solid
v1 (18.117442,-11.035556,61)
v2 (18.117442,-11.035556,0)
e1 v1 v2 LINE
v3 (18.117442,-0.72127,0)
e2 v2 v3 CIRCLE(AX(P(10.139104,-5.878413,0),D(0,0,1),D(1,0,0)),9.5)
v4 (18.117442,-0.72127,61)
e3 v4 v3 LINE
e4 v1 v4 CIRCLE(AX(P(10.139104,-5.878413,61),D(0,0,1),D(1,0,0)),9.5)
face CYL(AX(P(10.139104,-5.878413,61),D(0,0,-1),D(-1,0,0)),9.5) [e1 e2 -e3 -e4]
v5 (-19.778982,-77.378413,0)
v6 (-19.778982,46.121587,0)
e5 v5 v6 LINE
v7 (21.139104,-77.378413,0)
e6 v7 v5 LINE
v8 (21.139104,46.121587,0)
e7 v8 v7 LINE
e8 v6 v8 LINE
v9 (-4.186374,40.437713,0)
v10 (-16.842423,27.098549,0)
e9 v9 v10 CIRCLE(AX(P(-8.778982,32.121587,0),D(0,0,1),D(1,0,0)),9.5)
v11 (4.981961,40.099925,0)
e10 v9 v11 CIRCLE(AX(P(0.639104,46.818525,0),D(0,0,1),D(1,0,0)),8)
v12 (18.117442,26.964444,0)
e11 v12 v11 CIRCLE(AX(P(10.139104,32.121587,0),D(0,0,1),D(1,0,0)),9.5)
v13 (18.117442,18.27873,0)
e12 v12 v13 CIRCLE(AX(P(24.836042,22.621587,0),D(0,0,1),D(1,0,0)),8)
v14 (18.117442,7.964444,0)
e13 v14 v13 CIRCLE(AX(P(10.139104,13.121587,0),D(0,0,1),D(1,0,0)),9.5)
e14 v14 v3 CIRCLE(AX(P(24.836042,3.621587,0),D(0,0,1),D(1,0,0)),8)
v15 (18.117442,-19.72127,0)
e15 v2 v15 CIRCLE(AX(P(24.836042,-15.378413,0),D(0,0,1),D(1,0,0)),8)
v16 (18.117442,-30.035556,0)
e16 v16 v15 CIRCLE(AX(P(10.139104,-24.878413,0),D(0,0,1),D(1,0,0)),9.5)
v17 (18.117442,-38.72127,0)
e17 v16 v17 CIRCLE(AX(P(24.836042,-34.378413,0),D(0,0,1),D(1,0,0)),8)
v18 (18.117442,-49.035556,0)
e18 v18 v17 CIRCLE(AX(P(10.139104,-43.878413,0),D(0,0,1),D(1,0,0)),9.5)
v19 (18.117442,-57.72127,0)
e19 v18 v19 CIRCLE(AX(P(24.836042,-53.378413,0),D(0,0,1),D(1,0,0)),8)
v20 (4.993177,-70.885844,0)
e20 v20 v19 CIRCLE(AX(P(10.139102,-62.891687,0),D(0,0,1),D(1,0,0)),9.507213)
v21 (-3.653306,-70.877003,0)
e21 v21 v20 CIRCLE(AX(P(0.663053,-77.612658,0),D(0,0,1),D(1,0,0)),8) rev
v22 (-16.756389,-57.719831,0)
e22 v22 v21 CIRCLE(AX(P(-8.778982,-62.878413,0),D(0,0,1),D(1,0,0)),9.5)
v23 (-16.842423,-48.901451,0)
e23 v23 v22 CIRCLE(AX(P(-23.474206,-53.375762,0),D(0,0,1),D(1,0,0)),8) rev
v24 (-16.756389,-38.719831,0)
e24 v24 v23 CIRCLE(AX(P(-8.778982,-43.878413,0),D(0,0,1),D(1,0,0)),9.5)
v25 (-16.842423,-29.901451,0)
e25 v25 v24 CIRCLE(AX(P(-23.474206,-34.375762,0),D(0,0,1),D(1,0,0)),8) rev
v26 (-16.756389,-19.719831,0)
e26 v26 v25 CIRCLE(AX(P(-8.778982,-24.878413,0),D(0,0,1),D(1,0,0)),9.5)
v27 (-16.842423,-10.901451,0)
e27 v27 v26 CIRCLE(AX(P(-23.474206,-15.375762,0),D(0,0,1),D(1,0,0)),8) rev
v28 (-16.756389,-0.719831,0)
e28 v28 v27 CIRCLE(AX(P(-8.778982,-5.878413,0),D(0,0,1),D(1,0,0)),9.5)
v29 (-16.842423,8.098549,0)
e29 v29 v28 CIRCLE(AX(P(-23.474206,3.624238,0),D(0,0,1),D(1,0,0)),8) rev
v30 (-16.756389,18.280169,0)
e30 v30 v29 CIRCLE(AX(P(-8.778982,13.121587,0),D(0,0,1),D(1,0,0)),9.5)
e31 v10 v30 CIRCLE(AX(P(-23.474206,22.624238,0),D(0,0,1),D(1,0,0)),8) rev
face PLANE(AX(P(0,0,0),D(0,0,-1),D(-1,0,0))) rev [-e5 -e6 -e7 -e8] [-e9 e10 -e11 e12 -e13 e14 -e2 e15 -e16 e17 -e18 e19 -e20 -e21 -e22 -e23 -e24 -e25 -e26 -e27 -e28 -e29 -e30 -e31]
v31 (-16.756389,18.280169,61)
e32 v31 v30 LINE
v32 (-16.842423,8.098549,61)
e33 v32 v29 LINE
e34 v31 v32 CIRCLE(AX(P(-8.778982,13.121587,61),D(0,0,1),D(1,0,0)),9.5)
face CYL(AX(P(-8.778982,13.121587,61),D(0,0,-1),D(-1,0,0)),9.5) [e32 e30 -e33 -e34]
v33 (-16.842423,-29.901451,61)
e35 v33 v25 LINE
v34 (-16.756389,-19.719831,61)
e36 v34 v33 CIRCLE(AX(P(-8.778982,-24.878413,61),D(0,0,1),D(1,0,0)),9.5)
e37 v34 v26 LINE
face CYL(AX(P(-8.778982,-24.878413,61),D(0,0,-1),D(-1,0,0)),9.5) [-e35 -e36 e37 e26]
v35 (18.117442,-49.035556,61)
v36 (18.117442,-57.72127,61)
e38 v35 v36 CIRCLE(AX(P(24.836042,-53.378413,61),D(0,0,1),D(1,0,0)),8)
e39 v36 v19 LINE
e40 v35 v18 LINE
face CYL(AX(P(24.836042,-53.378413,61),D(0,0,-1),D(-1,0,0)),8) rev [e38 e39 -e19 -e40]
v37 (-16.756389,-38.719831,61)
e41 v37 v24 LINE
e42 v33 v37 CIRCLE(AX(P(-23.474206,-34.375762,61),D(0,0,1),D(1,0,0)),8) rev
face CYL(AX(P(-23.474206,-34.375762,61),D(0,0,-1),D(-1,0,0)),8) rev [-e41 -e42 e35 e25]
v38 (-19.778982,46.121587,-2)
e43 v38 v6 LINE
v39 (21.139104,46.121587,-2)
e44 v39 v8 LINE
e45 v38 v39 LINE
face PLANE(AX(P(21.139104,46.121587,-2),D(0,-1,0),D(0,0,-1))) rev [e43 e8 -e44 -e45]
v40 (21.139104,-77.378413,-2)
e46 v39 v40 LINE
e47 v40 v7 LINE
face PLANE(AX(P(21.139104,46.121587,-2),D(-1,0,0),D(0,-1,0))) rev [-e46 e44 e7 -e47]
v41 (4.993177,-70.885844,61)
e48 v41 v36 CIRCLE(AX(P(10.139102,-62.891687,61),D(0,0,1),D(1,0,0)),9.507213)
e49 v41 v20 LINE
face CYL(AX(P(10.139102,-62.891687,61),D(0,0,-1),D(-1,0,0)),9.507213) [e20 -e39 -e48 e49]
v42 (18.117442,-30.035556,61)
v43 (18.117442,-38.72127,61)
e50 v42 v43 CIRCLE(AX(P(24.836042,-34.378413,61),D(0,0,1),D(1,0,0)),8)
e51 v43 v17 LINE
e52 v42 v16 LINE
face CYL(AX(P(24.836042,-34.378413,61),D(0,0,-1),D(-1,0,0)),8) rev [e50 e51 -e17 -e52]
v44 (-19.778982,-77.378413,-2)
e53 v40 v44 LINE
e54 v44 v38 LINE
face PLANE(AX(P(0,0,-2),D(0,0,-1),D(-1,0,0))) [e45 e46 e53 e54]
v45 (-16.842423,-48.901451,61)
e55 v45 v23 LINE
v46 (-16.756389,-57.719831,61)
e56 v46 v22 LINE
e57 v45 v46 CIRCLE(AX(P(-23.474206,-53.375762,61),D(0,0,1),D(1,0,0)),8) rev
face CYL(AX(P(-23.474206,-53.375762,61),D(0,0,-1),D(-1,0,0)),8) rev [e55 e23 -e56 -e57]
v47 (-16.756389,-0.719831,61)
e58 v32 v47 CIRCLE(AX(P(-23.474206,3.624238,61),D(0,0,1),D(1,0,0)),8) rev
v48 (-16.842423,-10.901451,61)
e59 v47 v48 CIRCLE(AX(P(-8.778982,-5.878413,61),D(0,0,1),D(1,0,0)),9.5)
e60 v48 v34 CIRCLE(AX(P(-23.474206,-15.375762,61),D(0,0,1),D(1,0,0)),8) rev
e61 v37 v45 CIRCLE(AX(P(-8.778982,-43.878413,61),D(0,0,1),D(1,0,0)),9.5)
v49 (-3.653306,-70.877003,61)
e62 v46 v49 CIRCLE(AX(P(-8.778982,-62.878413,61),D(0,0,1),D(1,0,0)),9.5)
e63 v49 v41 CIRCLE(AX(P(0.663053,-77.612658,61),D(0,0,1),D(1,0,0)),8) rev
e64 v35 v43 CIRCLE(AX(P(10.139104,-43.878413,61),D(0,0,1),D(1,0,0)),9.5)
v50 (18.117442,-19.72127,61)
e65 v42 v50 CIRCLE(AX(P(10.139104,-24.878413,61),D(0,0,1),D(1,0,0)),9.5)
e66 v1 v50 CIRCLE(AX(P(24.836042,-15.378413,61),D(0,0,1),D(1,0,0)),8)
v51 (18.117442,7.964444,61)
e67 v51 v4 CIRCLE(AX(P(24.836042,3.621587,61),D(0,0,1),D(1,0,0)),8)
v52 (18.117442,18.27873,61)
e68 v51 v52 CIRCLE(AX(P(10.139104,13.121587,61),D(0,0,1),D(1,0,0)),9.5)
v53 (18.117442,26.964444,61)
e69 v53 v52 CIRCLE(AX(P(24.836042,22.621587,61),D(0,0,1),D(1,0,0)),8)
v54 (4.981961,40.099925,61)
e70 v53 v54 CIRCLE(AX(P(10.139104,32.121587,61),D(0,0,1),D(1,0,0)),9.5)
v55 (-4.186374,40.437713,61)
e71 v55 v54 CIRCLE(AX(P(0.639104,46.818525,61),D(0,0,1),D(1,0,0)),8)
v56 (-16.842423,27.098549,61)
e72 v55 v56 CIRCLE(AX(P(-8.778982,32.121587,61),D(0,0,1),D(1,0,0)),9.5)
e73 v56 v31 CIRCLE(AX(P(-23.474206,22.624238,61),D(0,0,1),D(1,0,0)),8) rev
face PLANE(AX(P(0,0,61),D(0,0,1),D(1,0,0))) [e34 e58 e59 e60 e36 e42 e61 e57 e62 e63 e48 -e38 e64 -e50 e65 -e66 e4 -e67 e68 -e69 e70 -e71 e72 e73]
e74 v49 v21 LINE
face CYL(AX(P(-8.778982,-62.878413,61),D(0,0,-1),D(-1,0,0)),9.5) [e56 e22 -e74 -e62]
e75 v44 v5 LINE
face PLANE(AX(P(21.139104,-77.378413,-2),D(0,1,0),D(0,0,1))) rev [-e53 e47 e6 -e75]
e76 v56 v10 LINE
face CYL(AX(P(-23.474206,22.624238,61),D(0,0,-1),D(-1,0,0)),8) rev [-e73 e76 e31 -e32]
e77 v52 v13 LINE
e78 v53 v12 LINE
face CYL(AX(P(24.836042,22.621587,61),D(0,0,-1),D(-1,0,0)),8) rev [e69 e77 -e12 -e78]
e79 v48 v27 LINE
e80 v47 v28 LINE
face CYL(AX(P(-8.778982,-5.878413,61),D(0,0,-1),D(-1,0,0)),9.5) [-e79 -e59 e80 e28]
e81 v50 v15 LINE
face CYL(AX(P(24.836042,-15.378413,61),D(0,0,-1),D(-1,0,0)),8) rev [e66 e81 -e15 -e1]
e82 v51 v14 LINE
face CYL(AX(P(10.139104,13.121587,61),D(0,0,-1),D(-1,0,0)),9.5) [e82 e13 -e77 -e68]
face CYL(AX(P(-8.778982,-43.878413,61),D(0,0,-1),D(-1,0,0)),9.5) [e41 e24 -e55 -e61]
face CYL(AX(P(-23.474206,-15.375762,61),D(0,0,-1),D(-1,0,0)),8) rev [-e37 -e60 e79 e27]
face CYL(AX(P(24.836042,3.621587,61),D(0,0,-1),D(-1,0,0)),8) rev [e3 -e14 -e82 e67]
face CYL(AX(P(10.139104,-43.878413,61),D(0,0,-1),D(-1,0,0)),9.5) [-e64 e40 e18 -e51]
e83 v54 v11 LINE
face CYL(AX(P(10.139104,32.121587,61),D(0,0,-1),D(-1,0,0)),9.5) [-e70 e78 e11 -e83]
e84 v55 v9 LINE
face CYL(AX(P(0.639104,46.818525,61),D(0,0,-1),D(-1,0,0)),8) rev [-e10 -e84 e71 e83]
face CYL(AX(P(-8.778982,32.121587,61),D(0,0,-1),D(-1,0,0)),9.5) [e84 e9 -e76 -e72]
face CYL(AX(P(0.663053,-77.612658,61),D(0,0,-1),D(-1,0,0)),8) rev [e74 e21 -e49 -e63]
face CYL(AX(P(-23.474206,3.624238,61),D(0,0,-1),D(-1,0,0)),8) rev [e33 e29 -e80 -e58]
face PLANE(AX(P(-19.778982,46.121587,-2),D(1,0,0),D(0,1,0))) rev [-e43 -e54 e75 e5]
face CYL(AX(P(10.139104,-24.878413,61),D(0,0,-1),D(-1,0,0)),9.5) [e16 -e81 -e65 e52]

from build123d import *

# Parameters (mm, degrees)
EXTRUDE1_DEPTH = 61
SKETCH2_W      = 40.918085351
SKETCH2_H      = 123.5
EXTRUDE6_DEPTH = 2


with BuildPart() as part:
    # Sketch1 → Extrude1 (new body)
    with BuildSketch(Plane.XY):
        with BuildLine():
            ThreePointArc((18.117441581, 26.964443994), (16.856617983, 38.839101272), (4.981960705, 40.09992487))
            ThreePointArc((4.981960705, 40.09992487), (0.344560099, 38.823949387), (-4.1863741, 40.437713029))
            ThreePointArc((-4.1863741, 40.437713029), (-15.67064328, 38.66031776), (-16.842423207, 27.098548676))
            ThreePointArc((-16.842423207, 27.098548676), (-15.474586856, 22.702284028), (-16.756389299, 18.280168965))
            ThreePointArc((-16.756389299, 18.280168965), (-18.278642652, 13.201858254), (-16.842423207, 8.098548676))
            ThreePointArc((-16.842423207, 8.098548676), (-15.474586856, 3.702284028), (-16.756389299, -0.719831035))
            ThreePointArc((-16.756389299, -0.719831035), (-18.278642652, -5.798141746), (-16.842423207, -10.901451324))
            ThreePointArc((-16.842423207, -10.901451324), (-15.474586856, -15.297715972), (-16.756389299, -19.719831035))
            ThreePointArc((-16.756389299, -19.719831035), (-18.278642652, -24.798141746), (-16.842423207, -29.901451324))
            ThreePointArc((-16.842423207, -29.901451324), (-15.474586856, -34.297715972), (-16.756389299, -38.719831035))
            ThreePointArc((-16.756389299, -38.719831035), (-18.278642652, -43.798141746), (-16.842423207, -48.901451324))
            ThreePointArc((-16.842423207, -48.901451324), (-15.474586856, -53.297715972), (-16.756389299, -57.719831035))
            ThreePointArc((-16.756389299, -57.719831035), (-15.510318105, -69.582077178), (-3.653305695, -70.877003311))
            ThreePointArc((-3.653305695, -70.877003311), (0.671232667, -69.612662366), (4.993176556, -70.885843854))
            ThreePointArc((4.993176556, -70.885843854), (16.87201709, -69.603985894), (18.117441581, -57.721270292))
            ThreePointArc((18.117441581, -57.721270292), (16.836042019, -53.378413149), (18.117441581, -49.035556006))
            ThreePointArc((18.117441581, -49.035556006), (19.639103562, -43.878413149), (18.117441581, -38.721270292))
            ThreePointArc((18.117441581, -38.721270292), (16.836042019, -34.378413149), (18.117441581, -30.035556006))
            ThreePointArc((18.117441581, -30.035556006), (19.639103562, -24.878413149), (18.117441581, -19.721270292))
            ThreePointArc((18.117441581, -19.721270292), (16.836042019, -15.378413149), (18.117441581, -11.035556006))
            ThreePointArc((18.117441581, -11.035556006), (19.639103562, -5.878413149), (18.117441581, -0.721270292))
            ThreePointArc((18.117441581, -0.721270292), (16.836042019, 3.621586851), (18.117441581, 7.964443994))
            ThreePointArc((18.117441581, 7.964443994), (19.639103562, 13.121586851), (18.117441581, 18.278729708))
            ThreePointArc((18.117441581, 18.278729708), (16.836042019, 22.621586851), (18.117441581, 26.964443994))
        make_face()
    extrude(amount=EXTRUDE1_DEPTH)

    # Sketch2 → Extrude6 (add)
    with BuildSketch(Plane(origin=(0, 0, 0), x_dir=(-1, 0, 0), z_dir=(0, 0, -1))):
        with Locations((-0.680060887, -15.628413149)):
            Rectangle(SKETCH2_W, SKETCH2_H)
    extrude(amount=EXTRUDE6_DEPTH)


solid = part.part
